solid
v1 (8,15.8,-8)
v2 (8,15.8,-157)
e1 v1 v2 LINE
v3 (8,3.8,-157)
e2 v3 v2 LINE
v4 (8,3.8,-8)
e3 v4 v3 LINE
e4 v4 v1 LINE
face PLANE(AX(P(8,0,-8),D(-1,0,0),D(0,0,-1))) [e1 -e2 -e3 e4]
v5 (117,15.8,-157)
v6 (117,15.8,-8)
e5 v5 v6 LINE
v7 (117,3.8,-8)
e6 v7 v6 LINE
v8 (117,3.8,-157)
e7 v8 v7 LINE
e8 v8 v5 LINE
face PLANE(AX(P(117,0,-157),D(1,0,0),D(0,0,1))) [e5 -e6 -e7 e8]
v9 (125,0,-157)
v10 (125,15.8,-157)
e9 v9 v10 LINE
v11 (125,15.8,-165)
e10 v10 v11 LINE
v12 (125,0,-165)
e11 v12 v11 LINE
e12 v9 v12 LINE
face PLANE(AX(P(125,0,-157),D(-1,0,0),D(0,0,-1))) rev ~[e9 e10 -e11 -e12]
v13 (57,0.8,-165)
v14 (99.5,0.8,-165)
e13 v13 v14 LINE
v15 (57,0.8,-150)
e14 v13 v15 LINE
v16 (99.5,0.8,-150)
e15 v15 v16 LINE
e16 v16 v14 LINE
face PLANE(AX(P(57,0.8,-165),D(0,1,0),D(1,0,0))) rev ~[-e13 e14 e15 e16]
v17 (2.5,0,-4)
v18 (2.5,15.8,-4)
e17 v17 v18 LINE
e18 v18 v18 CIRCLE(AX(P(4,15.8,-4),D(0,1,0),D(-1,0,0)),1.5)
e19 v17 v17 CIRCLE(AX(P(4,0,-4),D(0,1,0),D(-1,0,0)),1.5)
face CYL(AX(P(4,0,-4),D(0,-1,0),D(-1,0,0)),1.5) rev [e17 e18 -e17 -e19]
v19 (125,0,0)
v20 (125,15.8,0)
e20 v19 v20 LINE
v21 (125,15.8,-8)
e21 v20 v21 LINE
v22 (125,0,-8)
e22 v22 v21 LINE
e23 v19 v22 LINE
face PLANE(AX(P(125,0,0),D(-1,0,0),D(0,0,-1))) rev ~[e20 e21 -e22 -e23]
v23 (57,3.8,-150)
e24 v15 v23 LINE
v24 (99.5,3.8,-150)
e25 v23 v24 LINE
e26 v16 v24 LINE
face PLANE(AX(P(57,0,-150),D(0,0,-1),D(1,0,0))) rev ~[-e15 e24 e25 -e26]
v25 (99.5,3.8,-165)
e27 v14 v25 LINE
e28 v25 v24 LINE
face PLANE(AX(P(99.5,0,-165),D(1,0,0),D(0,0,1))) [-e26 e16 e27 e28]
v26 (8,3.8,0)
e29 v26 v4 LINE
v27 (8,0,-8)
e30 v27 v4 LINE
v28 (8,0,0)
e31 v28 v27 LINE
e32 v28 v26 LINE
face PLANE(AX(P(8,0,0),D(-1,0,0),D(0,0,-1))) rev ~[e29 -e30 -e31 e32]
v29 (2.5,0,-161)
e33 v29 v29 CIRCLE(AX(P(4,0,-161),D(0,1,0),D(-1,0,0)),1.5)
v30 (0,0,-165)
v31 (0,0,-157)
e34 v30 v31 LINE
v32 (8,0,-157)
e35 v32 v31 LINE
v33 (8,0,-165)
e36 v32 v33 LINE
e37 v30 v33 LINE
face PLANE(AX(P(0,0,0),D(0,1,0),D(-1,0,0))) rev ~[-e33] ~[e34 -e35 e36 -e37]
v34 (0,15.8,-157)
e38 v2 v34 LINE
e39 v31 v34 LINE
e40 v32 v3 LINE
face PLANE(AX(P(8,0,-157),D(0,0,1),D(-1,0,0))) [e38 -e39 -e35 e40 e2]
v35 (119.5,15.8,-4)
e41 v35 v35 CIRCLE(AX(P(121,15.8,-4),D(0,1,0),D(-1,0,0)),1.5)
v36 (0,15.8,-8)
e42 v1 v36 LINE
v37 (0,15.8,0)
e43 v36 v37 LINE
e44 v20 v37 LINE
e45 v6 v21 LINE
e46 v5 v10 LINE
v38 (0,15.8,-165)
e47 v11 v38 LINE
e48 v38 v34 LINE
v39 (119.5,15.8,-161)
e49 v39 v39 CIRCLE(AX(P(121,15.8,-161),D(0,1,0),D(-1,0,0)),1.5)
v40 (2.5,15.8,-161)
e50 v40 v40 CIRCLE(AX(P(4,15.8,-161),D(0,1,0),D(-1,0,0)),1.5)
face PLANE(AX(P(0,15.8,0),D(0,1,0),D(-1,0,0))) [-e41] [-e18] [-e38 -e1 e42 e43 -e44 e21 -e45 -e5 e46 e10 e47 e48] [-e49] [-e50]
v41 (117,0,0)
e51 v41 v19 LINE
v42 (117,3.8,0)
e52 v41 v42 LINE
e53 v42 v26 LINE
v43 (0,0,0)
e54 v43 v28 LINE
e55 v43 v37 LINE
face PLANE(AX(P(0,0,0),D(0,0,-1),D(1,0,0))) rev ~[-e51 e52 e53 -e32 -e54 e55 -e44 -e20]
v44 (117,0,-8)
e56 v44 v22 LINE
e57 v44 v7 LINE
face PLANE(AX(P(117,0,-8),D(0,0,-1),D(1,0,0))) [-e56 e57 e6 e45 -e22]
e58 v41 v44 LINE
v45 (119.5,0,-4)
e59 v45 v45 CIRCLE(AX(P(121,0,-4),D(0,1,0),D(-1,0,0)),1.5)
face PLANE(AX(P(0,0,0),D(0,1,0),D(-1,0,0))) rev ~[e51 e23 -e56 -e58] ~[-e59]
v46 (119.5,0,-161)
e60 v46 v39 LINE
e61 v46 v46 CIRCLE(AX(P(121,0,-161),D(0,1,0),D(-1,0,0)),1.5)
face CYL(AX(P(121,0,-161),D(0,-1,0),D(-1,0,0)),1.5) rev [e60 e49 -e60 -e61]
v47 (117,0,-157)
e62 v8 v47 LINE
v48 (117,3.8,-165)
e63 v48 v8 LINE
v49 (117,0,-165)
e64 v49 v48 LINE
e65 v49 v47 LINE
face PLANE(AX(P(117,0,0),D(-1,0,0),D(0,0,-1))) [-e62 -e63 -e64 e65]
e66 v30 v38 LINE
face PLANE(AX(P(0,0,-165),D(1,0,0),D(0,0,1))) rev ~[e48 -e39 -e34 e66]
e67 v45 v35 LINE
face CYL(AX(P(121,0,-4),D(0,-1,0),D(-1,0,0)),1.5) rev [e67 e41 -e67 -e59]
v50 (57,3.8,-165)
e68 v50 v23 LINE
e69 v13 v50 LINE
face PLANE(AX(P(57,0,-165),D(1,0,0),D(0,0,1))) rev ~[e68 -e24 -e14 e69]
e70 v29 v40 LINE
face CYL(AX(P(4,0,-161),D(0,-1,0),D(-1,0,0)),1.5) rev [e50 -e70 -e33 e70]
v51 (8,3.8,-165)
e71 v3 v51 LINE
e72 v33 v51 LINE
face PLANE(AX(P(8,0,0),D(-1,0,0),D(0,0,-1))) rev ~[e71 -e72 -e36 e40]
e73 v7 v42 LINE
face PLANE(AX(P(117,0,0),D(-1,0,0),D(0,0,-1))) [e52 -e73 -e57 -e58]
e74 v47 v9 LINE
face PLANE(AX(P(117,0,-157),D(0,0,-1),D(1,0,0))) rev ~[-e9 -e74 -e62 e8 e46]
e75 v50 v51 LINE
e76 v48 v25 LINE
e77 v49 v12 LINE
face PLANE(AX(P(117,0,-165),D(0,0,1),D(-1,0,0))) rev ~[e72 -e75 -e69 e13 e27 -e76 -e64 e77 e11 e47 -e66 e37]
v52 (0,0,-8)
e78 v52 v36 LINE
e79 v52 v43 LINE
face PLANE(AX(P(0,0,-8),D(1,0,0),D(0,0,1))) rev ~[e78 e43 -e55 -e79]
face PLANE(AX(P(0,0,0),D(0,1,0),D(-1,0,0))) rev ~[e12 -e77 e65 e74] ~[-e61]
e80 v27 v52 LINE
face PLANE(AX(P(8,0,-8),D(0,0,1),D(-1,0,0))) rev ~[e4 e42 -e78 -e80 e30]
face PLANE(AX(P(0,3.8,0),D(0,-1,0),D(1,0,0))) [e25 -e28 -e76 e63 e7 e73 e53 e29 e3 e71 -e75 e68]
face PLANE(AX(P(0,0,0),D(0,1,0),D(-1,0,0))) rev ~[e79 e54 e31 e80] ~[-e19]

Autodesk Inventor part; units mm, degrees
ref_plane "YZ Plane" through (0, 0, 0) normal (1, 0, 0) x (0, 1, 0)
ref_plane "XZ Plane" through (0, 0, 0) normal (0, 1, 0) x (-1, 0, 0)
ref_plane "XY Plane" through (0, 0, 0) normal (0, 0, 1) x (1, 0, 0)
sketch "Sketch1" plane through (0, 0, 0) normal (0, 1, 0) x (-1, 0, 0)
  line L0 (0, 0) -> (-125, 0)
  line L1 (-125, 0) -> (-125, -165)
  line L2 (-125, -165) -> (0, -165)
  line L3 (0, -165) -> (0, 0)
  circle A0 centre (-4, -4) radius 1.5
  circle A1 centre (-4, -161) radius 1.5
  circle A2 centre (-121, -4) radius 1.5
  circle A3 centre (-121, -161) radius 1.5
  line L4 (-125, 0) -> (-117, 0)
  line L5 (-117, 0) -> (-117, -8)
  line L6 (-117, -8) -> (-125, -8)
  line L7 (-125, -8) -> (-125, 0)
  line L8 (-125, -165) -> (-117, -165)
  line L9 (-117, -165) -> (-117, -157)
  line L10 (-117, -157) -> (-125, -157)
  line L11 (-125, -157) -> (-125, -165)
  line L12 (0, 0) -> (-8, 0)
  line L13 (-8, 0) -> (-8, -8)
  line L14 (-8, -8) -> (0, -8)
  line L15 (0, -8) -> (0, 0)
  line L16 (0, -165) -> (-8, -165)
  line L17 (-8, -165) -> (-8, -157)
  line L18 (-8, -157) -> (0, -157)
  line L19 (0, -157) -> (0, -165)
  line L20 (-117, -8) -> (-125, -8)
  line L21 (-125, -8) -> (-125, -157)
  line L22 (-125, -157) -> (-117, -157)
  line L23 (-117, -157) -> (-117, -8)
  line L24 (0, -8) -> (-8, -8)
  line L25 (-8, -8) -> (-8, -157)
  line L26 (-8, -157) -> (0, -157)
  line L27 (0, -157) -> (0, -8)
  dimension "d0" = 125
  dimension "d1" = 165
  dimension "d2" = 3
  dimension "d3" = 3
  dimension "d4" = 3
  dimension "d5" = 3
  dimension "d8" = 8
  dimension "d9" = 8
  dimension "d10" = 8
  dimension "d11" = 8
  dimension "d12" = 8
  dimension "d13" = 8
  dimension "d14" = 8
  dimension "d15" = 8
extrude "Extrusion1" add sketch "Sketch1" along normal blind 15.8 contours L3 L14 L13 L0 | L13 L25 L17 L2 L9 L23 L5 L0 | L5 L6 L1 L0 | L3 L2 L17 L18 | L9 L2 L1 L10
sketch "Sketch2" plane through (125, 0, -165) normal (0, 0, -1) x (-1, 0, 0)
  line L0 (8, 15.8) -> (0, 15.8) projected
  line L1 (8, 15.8) -> (117, 15.8)
  line L2 (117, 15.8) -> (117, 0.8)
  line L3 (117, 0.8) -> (8, 0.8)
  line L4 (8, 0.8) -> (8, 15.8)
  line L5 (0, 0) -> (125, 0) projected
  line L6 (8, 0.8) -> (117, 0.8)
  line L7 (117, 0.8) -> (117, 0)
  line L8 (117, 0) -> (8, 0)
  line L9 (8, 0) -> (8, 0.8)
  line L10 (8, 0.8) -> (68, 0.8)
  line L11 (68, 0.8) -> (68, 0)
  line L12 (68, 0) -> (8, 0)
  line L13 (8, 0) -> (8, 0.8)
  dimension "d16" = 109
  dimension "d17" = 15
  dimension "d18" = 60
  dimension "d19" = 0.8
extrude "Extrusion2" cut sketch "Sketch2" against normal blind 15 contours L3 L11 L5 L9
sketch "Sketch3" plane through (0, 0, 0) normal (0, -1, 0) x (1, 0, 0)
  line L0 (57, -150) -> (117, -150) projected
  line L1 (0, 0) -> (125, 0) projected
  line L2 (117, -150) -> (57, -150)
  line L3 (57, -150) -> (57, 0)
  line L4 (57, 0) -> (117, 0)
  line L5 (117, 0) -> (117, -150)
  line L6 (125, -165) -> (0, -165) projected
  line L7 (57, 0) -> (8, 0)
  line L8 (8, 0) -> (8, -165)
  line L9 (8, -165) -> (57, -165)
  line L10 (57, -165) -> (57, 0)
  line L11 (125, -165) -> (117, -165) projected
  line L12 (117, -165) -> (99.5, -165)
  line L13 (99.5, -165) -> (99.5, -150)
  line L14 (99.5, -150) -> (117, -150)
  line L15 (117, -150) -> (117, -165)
  dimension "d22" = 60
  dimension "d23" = 49
  dimension "d24" = 17.5
extrude "Extrusion3" cut sketch "Sketch3" against normal blind 3.8 contours L3 L1 L5 L0 | L10 L6 L8 L1 L3 | L0 L15 L6 L13
properties part number "7InchScreen"
